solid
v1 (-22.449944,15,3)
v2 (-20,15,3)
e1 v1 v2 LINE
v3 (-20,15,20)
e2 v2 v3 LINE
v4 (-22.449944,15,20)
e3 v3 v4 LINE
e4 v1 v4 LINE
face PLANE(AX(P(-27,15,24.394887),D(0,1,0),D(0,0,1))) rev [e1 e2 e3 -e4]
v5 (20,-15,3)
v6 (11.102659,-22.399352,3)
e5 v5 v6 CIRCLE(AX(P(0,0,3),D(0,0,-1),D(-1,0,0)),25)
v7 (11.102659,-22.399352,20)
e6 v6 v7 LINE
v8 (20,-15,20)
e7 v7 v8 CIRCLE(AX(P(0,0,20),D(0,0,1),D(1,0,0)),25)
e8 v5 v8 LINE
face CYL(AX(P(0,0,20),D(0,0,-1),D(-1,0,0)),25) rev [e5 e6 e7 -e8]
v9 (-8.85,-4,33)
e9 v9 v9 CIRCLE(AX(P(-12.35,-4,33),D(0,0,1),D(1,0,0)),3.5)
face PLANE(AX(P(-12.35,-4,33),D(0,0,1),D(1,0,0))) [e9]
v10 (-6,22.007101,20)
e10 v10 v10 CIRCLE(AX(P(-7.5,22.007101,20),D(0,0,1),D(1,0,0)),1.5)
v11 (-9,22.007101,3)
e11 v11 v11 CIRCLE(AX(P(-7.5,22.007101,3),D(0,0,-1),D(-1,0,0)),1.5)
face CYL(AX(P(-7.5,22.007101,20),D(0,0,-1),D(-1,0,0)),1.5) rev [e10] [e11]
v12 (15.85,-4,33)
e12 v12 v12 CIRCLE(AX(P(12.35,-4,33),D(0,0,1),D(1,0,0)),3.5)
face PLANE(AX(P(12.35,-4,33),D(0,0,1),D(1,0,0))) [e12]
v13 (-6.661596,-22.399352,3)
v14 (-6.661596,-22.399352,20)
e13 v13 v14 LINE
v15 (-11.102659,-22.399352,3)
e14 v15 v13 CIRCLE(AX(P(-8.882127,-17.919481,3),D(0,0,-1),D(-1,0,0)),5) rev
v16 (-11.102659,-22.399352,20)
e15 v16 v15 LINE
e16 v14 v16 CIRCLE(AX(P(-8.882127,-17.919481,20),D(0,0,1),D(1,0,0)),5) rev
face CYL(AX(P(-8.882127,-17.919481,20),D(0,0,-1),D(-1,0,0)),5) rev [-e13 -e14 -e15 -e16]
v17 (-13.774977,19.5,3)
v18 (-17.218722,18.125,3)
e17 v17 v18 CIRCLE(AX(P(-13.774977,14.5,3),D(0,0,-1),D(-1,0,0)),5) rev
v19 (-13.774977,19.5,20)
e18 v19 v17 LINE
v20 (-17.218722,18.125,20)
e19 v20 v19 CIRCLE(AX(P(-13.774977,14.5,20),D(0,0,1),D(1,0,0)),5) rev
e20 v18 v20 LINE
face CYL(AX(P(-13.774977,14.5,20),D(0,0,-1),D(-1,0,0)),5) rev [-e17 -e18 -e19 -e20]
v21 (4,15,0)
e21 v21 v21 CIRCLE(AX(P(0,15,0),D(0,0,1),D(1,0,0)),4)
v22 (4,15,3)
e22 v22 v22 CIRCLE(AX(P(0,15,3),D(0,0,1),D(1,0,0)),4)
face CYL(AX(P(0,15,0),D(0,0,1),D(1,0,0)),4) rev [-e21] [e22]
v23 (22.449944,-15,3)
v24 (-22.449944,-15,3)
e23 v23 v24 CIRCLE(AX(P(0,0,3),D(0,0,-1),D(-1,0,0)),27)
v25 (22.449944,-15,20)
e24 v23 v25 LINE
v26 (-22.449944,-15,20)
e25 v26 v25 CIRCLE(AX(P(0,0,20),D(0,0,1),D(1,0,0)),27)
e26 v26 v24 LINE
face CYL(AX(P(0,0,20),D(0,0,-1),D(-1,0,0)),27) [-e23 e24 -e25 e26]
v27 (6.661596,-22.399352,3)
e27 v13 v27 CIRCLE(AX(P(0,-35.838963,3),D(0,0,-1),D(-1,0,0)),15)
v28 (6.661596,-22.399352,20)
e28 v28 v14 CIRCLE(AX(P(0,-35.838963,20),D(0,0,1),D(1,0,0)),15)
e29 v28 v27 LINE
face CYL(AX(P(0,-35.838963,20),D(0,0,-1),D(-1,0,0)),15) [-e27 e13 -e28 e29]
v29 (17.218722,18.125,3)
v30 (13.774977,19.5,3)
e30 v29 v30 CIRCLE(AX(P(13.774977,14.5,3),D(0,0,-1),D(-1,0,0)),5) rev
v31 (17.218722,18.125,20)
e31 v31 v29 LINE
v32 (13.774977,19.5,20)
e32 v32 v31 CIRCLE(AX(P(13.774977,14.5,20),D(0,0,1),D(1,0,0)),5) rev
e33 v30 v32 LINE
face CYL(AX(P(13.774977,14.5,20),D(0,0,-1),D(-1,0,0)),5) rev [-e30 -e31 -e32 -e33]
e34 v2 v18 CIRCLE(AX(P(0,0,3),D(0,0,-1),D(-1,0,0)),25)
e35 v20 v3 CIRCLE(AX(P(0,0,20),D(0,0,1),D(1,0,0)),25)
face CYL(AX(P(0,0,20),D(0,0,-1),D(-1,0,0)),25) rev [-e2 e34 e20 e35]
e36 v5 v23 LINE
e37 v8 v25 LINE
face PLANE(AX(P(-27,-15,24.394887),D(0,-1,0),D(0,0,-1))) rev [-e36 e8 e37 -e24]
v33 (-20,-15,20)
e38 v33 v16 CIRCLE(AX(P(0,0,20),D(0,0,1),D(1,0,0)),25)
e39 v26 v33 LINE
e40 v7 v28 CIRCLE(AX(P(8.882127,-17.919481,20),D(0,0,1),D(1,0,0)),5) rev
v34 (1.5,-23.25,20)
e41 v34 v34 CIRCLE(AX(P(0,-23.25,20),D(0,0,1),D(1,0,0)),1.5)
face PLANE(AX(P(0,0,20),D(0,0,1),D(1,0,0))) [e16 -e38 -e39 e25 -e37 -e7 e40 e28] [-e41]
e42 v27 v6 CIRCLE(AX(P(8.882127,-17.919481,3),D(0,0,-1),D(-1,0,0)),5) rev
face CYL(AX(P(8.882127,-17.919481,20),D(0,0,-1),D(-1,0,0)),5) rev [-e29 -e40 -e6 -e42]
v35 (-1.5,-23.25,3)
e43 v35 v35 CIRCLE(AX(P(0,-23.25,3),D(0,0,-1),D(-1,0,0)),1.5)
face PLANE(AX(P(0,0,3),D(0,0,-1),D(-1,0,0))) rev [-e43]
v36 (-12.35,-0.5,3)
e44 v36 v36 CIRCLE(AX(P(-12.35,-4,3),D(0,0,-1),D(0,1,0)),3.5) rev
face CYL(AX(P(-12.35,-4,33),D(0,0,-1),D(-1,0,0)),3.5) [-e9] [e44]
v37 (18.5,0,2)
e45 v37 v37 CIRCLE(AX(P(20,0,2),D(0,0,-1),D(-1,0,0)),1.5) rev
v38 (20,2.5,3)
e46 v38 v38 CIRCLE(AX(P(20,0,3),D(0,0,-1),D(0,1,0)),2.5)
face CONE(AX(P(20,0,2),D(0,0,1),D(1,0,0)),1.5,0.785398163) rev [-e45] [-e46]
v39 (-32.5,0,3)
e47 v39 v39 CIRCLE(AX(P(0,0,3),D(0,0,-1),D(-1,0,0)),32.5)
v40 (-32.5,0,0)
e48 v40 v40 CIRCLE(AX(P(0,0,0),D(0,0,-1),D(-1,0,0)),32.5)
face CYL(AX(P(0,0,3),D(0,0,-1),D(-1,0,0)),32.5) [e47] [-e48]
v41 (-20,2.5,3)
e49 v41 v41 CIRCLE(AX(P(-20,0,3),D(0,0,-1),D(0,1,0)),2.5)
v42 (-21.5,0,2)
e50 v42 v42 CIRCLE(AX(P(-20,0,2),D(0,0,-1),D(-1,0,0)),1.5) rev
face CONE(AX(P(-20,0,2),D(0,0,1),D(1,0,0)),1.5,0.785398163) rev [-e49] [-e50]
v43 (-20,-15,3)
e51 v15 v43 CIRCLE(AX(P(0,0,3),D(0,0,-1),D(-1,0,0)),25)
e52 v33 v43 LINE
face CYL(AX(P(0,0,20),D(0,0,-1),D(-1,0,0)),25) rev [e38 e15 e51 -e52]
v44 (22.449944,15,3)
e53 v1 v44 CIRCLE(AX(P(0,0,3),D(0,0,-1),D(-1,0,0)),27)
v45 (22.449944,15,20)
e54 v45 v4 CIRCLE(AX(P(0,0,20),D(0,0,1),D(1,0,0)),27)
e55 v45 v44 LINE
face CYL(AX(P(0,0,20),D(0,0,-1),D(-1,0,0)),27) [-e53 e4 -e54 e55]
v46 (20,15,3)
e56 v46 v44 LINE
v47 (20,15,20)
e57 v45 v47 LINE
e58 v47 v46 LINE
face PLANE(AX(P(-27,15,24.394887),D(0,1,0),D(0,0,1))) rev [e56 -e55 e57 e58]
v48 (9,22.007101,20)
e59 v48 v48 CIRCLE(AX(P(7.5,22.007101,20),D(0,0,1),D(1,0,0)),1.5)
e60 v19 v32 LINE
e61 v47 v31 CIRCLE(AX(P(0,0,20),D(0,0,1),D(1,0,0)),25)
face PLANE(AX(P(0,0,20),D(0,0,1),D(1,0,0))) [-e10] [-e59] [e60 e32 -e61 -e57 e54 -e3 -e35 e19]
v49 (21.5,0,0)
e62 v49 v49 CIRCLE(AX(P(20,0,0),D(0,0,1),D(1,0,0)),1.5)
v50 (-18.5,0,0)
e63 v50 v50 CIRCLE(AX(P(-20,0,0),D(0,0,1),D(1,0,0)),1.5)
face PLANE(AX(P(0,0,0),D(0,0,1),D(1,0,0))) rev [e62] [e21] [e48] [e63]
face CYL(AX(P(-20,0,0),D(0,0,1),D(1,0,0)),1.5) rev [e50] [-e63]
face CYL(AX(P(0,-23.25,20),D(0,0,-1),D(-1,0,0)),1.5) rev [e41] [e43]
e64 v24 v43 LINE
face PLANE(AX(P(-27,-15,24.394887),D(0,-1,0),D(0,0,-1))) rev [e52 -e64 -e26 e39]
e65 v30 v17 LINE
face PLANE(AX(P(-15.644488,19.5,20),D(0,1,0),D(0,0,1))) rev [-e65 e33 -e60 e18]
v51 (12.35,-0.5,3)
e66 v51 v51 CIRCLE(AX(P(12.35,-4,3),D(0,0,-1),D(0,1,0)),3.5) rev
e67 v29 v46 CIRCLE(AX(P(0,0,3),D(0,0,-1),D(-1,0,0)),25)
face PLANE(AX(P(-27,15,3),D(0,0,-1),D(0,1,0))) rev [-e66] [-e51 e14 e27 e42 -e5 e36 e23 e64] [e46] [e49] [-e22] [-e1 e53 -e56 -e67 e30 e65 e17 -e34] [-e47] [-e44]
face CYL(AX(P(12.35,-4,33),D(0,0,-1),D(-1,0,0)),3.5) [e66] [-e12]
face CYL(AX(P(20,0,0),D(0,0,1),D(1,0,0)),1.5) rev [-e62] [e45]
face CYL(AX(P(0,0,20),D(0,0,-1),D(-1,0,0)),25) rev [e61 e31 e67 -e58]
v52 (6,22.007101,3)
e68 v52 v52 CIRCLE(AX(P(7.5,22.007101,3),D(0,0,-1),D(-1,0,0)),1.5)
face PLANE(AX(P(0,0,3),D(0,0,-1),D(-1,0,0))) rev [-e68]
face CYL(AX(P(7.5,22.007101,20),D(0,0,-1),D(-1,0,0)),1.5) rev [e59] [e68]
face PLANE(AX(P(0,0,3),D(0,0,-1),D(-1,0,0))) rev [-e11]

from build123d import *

# Parameters (mm, degrees)
SKETCH3_R               = 27
SKETCH3_R_2             = 25
BOSS_EXTRUDE2_DEPTH     = 20
SKETCH4_W               = 21.394887062
SKETCH4_H               = 30
CUT_EXTRUDE1_DEPTH      = 28
CUT_EXTRUDE1_DEPTH_BACK = 28
SKETCH5_R               = 1.5
BOSS_EXTRUDE3_DEPTH     = 20
FILLET2_R               = 5
SKETCH6_R               = 32.5
BOSS_EXTRUDE4_DEPTH     = 3
SKETCH7_R               = 4
CUT_EXTRUDE2_DEPTH      = 4
SKETCH8_R               = 1.5
CUT_EXTRUDE3_DEPTH      = 4
CHAMFER1_SIZE           = 1
SKETCH9_R               = 3.5
BOSS_EXTRUDE5_DEPTH     = 30


with BuildPart() as part:
    # Sketch3 → Boss-Extrude2 (new body)
    with BuildSketch(Plane.XY):
        Circle(SKETCH3_R)
        Circle(SKETCH3_R_2, mode=Mode.SUBTRACT)
    extrude(amount=BOSS_EXTRUDE2_DEPTH)

    # Sketch4 → Cut-Extrude1 (cut, two sides)
    with BuildSketch(Plane(origin=(0, 0, 0), x_dir=(0, 0, -1), z_dir=(1, 0, 0))) as cut_extrude1_sk:
        with Locations((-13.697443531, 0)):
            Rectangle(SKETCH4_W, SKETCH4_H)
    extrude(amount=CUT_EXTRUDE1_DEPTH, mode=Mode.SUBTRACT)
    extrude(cut_extrude1_sk.sketch, amount=-CUT_EXTRUDE1_DEPTH_BACK, mode=Mode.SUBTRACT)

    # Sketch5 → Boss-Extrude3 (add)
    with BuildSketch(Plane.XY):
        with BuildLine():
            Line((-15.644487847, 19.5), (15.644487847, 19.5))
            ThreePointArc((15.644487847, 19.5), (0, 26.287924728), (-15.644487847, 19.5))
        make_face()
        with Locations((-7.5, 22.007101127)):
            Circle(SKETCH5_R, mode=Mode.SUBTRACT)
        with Locations((7.5, 22.007101127)):
            Circle(SKETCH5_R, mode=Mode.SUBTRACT)
        with BuildLine():
            ThreePointArc((8.529361055, -23.5), (0, -20.838962679), (-8.529361055, -23.5))
            ThreePointArc((-8.529361055, -23.5), (0, -26.208671307), (8.529361055, -23.5))
        make_face()
        with Locations((0, -23.25)):
            Circle(SKETCH5_R, mode=Mode.SUBTRACT)
    extrude(amount=BOSS_EXTRUDE3_DEPTH)

    # Fillet2
    fillet2_edges = [part.edges().sort_by_distance(p)[0] for p in [
        (15.644487847, 19.5, 10),
        (-15.644487847, 19.5, 10),
        (-8.529361055, -23.5, 10),
        (8.529361055, -23.5, 10),
    ]]
    fillet(fillet2_edges, radius=FILLET2_R)

    # Sketch6 → Boss-Extrude4 (add)
    with BuildSketch(Plane(origin=(0, 0, 0), x_dir=(-1, 0, 0), z_dir=(0, 0, -1))):
        Circle(SKETCH6_R)
    extrude(amount=-BOSS_EXTRUDE4_DEPTH)

    # Sketch7 → Cut-Extrude2 (cut, through all)
    with BuildSketch(Plane.XY.offset(3)):
        with Locations((0, 15)):
            Circle(SKETCH7_R)
    extrude(amount=-CUT_EXTRUDE2_DEPTH, mode=Mode.SUBTRACT)

    # Sketch8 → Cut-Extrude3 (cut, through all)
    with BuildSketch(Plane.XY.offset(3)):
        with Locations((-20, 0)):
            Circle(SKETCH8_R)
        with Locations((20, 0)):
            Circle(SKETCH8_R)
    extrude(amount=-CUT_EXTRUDE3_DEPTH, mode=Mode.SUBTRACT)

    # Chamfer1
    chamfer1_edges = [part.edges().sort_by_distance(p)[0] for p in [
        (-21.5, 0, 3),
        (18.5, 0, 3),
    ]]
    chamfer(chamfer1_edges, length=CHAMFER1_SIZE)

    # Sketch9 → Boss-Extrude5 (add)
    with BuildSketch(Plane.XY.offset(3)):
        with Locations((-12.35, -4)):
            Circle(SKETCH9_R)
        with Locations((12.35, -4)):
            Circle(SKETCH9_R)
    extrude(amount=BOSS_EXTRUDE5_DEPTH)


solid = part.part
